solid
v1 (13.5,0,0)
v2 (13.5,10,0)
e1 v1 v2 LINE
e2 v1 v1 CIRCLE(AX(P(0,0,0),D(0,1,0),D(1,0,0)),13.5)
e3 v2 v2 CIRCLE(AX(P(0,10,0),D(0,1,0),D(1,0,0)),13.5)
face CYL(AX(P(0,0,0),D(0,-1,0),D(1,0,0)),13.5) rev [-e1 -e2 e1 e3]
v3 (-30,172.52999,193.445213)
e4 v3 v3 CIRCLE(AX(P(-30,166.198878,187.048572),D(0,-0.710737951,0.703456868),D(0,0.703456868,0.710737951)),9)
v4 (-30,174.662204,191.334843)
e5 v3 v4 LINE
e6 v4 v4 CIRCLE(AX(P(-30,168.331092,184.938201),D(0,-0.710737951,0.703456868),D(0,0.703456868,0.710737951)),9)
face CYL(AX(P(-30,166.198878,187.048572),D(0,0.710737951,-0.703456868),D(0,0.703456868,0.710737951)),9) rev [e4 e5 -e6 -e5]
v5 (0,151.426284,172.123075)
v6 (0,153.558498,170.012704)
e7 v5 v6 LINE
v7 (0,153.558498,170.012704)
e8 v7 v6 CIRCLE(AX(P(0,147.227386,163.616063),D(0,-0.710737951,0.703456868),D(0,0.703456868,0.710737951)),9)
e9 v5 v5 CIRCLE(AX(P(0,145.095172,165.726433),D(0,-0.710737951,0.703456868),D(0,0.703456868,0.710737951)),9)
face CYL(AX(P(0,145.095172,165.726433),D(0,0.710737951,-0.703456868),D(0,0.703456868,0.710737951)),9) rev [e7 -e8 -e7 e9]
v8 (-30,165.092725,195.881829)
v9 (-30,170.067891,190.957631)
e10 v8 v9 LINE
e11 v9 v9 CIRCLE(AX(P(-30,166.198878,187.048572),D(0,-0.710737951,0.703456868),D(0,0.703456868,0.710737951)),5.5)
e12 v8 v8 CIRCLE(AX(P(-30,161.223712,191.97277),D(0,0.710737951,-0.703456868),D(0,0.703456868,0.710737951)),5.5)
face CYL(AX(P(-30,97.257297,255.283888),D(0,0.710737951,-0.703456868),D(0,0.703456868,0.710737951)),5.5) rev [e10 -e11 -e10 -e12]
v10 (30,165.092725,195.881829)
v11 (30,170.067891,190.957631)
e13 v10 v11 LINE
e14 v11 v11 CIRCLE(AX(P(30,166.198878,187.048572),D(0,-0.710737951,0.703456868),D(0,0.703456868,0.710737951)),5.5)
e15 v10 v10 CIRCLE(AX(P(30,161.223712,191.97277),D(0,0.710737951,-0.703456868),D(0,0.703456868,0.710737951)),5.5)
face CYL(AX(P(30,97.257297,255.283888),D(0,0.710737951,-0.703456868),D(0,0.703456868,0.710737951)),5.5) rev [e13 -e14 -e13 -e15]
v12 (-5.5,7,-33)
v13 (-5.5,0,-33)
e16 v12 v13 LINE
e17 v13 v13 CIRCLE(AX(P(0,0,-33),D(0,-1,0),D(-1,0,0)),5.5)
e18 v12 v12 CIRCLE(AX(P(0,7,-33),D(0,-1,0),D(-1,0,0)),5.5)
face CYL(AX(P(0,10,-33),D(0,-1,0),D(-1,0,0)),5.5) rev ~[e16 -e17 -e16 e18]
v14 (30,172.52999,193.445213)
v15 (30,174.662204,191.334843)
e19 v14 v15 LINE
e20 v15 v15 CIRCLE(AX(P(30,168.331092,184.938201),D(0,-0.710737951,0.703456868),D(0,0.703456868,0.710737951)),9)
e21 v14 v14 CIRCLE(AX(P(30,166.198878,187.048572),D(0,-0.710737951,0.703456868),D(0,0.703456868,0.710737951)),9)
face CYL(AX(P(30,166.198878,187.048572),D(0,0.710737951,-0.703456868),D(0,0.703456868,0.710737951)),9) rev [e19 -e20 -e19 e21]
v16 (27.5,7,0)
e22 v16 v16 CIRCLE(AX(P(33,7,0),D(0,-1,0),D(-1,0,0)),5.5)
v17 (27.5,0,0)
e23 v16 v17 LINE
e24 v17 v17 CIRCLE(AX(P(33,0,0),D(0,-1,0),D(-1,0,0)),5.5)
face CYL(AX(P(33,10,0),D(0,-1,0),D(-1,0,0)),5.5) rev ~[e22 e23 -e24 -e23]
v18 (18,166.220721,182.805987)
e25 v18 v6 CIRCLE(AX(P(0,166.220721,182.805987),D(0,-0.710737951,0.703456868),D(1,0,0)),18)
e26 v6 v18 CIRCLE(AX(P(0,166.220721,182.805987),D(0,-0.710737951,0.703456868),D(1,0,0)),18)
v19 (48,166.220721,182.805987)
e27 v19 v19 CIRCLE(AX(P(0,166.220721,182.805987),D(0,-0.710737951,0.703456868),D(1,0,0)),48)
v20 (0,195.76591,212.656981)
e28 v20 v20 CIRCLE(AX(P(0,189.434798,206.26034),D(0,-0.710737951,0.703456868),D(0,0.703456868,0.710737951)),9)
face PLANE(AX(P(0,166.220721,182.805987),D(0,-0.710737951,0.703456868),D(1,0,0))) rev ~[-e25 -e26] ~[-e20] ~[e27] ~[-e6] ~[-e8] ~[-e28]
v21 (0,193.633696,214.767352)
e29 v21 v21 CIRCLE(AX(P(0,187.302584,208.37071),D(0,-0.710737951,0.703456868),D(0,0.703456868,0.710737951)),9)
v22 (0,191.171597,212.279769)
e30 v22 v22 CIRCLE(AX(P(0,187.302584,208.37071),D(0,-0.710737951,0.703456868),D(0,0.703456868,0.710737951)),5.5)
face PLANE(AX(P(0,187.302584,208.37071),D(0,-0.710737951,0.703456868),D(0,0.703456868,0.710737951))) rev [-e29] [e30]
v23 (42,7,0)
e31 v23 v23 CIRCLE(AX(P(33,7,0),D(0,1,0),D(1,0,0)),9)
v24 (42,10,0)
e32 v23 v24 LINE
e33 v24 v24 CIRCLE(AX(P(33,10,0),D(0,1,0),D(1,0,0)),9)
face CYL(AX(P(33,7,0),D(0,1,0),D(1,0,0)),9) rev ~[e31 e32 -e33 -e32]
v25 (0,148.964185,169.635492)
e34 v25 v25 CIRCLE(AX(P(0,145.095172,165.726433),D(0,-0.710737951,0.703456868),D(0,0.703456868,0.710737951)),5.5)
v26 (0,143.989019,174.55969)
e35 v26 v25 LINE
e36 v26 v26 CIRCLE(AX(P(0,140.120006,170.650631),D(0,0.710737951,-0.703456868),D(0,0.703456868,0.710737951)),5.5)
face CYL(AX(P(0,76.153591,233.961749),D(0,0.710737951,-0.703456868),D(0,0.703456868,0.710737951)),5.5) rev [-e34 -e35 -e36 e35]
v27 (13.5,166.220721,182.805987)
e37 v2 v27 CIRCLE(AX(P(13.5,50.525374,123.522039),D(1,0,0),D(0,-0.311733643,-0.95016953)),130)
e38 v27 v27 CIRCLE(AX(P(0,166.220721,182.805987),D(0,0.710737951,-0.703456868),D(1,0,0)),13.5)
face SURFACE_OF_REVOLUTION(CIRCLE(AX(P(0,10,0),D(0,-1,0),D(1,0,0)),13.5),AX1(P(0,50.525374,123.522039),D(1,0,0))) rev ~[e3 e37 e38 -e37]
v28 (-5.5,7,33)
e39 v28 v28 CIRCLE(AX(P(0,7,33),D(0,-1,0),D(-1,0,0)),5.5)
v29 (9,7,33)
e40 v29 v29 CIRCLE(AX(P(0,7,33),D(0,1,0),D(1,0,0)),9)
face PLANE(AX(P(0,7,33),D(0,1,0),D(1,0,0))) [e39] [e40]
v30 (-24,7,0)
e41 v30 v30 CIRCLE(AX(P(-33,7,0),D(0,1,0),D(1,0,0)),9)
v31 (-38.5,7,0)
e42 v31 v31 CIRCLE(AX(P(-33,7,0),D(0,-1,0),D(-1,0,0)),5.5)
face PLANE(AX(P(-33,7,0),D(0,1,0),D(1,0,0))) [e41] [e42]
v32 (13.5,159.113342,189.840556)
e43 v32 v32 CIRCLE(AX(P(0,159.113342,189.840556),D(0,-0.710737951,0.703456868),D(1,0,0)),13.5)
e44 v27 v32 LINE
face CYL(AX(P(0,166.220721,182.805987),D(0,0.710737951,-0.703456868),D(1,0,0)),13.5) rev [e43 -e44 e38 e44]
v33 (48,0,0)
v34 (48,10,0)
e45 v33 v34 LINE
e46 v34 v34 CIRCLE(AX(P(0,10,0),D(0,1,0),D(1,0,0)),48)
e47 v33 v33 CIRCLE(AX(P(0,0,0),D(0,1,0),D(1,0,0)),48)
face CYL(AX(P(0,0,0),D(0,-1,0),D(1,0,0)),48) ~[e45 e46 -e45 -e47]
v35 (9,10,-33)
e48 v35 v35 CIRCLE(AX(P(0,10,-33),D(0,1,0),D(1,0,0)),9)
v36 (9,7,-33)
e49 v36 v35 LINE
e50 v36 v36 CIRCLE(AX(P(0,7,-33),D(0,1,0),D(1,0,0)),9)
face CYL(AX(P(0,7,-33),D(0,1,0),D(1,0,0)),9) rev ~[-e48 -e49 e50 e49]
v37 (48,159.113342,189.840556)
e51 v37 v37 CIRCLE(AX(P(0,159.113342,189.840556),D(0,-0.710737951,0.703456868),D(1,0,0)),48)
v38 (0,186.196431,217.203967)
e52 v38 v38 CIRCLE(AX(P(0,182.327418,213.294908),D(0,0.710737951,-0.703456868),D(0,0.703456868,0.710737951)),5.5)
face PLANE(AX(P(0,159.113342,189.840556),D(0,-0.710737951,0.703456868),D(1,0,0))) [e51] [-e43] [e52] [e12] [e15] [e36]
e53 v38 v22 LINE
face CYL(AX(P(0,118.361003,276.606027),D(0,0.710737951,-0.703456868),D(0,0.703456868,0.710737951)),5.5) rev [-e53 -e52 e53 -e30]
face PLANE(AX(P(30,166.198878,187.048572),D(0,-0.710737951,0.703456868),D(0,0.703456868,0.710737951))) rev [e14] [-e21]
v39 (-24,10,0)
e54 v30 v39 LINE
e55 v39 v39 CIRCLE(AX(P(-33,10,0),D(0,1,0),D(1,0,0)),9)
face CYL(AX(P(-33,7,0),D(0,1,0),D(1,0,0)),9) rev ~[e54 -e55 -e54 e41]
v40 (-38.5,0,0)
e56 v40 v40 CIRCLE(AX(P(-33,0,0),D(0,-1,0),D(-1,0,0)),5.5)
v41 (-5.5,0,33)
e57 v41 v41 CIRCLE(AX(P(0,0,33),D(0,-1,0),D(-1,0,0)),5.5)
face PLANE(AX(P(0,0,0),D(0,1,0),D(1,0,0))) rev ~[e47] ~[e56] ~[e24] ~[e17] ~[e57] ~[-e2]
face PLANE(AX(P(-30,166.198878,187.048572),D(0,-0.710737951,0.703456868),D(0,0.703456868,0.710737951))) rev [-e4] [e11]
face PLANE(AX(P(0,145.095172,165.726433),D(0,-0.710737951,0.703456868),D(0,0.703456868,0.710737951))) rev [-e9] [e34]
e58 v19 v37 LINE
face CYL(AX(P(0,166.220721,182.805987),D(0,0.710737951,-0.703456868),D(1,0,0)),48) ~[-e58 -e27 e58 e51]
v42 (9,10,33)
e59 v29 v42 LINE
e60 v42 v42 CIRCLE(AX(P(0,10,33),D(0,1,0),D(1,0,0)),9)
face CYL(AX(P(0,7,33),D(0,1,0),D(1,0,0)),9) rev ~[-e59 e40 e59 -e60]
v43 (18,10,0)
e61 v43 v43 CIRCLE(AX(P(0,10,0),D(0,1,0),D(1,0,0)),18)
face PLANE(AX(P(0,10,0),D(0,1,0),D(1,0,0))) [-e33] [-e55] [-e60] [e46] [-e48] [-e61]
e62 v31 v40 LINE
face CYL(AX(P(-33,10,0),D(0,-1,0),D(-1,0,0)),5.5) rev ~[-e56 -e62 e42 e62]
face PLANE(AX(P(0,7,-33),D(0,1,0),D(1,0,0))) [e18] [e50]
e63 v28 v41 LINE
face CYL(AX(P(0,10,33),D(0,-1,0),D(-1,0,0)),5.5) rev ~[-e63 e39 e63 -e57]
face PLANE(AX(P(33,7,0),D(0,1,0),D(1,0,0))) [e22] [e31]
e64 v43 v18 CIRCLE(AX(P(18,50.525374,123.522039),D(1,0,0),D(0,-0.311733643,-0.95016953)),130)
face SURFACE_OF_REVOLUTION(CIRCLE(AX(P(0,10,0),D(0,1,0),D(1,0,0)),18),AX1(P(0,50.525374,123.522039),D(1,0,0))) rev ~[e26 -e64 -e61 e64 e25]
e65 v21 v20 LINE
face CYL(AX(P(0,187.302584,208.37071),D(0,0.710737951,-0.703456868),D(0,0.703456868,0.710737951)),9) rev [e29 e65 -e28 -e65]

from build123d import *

# Parameters (mm, degrees)
CROQUIS1_R              = 48
CROQUIS1_R_2            = 13.5
SALIENTE_EXTRUIR3_DEPTH = 10
TALADRO1_D              = 11
TALADRO1_DEPTH          = 100
TALADRO1_CBORE_D        = 18
TALADRO1_CBORE_DEPTH    = 3
TALADRO1_TIP            = 3.304733405
CROQUIS9_R              = 18
CROQUIS9_R_2            = 13.5
CROQUIS15_R             = 48
CROQUIS15_R_2           = 13.5
SALIENTE_EXTRUIR5_DEPTH = 10
TALADRO3_AT_2_COUNT     = 2
TALADRO3_AT_2_PITCH     = 42.426406871
TALADRO3_AT_3_COUNT     = 2
TALADRO3_AT_3_PITCH     = 60
TALADRO3_AT_4_COUNT     = 2
TALADRO3_AT_4_PITCH     = 42.426406871


with BuildPart() as part:
    # Croquis1 → Saliente-Extruir3 (new body)
    with BuildSketch(Plane(origin=(0, 0, 0), x_dir=(1, 0, 0), z_dir=(0, 1, 0))):
        Circle(CROQUIS1_R)
        Circle(CROQUIS1_R_2, mode=Mode.SUBTRACT)
    extrude(amount=SALIENTE_EXTRUIR3_DEPTH)

    # Taladro1
    with Locations(Plane(origin=(0, 10, 0), x_dir=(1, 0, 0), z_dir=(0, 1, 0))):
        with Locations((-33, 0), (0, 33), (33, 0), (0, -33)):
            CounterBoreHole(TALADRO1_D / 2, TALADRO1_CBORE_D / 2, TALADRO1_CBORE_DEPTH, depth=TALADRO1_DEPTH)
            with Locations((0, 0, -(TALADRO1_DEPTH + TALADRO1_TIP / 2))):  # 118° drill point
                Cone(0, TALADRO1_D / 2, TALADRO1_TIP, mode=Mode.SUBTRACT)

    # Barrer2: sweep along a path in Croquis14
    with BuildLine(Plane(origin=(0, 0, 0), x_dir=(0, 0, -1), z_dir=(1, 0, 0))) as barrer2_path:
        ThreePointArc((0, 10), (-39.065769178, 149.354207944), (-182.805987365, 166.220721172))
    # Croquis9 → Barrer2 (sweep)
    with BuildSketch(Plane(origin=(0, 10, 0), x_dir=(1, 0, 0), z_dir=(0, 1, 0))):
        Circle(CROQUIS9_R)
        Circle(CROQUIS9_R_2, mode=Mode.SUBTRACT)
    sweep(path=barrer2_path.line)

    # Croquis15 → Saliente-Extruir5 (add)
    with BuildSketch(Plane(origin=(0, -7.432010892, 7.35587441), x_dir=(1, 0, 0), z_dir=(0, -0.710737951, 0.703456868))):
        with Locations((0, 246.856260786)):
            Circle(CROQUIS15_R)
        with Locations((0, 246.856260786)):
            Circle(CROQUIS15_R_2, mode=Mode.SUBTRACT)
    extrude(amount=SALIENTE_EXTRUIR5_DEPTH)

    # Croquis21 → Taladro3 (revolve, cut)
    with BuildSketch(Plane(origin=(30, 168.331091776, 184.938201218), x_dir=(0, 0.703456868, 0.710737951), z_dir=(1, 0, 0))):
        Polygon((0, 0), (0, 103.304733405), (5.5, 100), (5.5, 3), (9, 3), (9, 0), align=None)
    taladro3 = revolve(axis=Axis((30, 176.370159924, 176.981488488), (0, -0.710737951, 0.703456868)), mode=Mode.SUBTRACT)

    # Taladro3 at 2: Taladro3 ×2
    with Locations(*[Vector(-0.707106781, 0.497419122, 0.502567625) * (i * TALADRO3_AT_2_PITCH) for i in range(1, TALADRO3_AT_2_COUNT)]):
        add(taladro3, mode=Mode.SUBTRACT)

    # Taladro3 at 3: Taladro3 ×2
    with Locations(*[(-i * TALADRO3_AT_3_PITCH, 0, 0) for i in range(1, TALADRO3_AT_3_COUNT)]):
        add(taladro3, mode=Mode.SUBTRACT)

    # Taladro3 at 4: Taladro3 ×2
    with Locations(*[Vector(-0.707106781, -0.497419122, -0.502567625) * (i * TALADRO3_AT_4_PITCH) for i in range(1, TALADRO3_AT_4_COUNT)]):
        add(taladro3, mode=Mode.SUBTRACT)


solid = part.part
